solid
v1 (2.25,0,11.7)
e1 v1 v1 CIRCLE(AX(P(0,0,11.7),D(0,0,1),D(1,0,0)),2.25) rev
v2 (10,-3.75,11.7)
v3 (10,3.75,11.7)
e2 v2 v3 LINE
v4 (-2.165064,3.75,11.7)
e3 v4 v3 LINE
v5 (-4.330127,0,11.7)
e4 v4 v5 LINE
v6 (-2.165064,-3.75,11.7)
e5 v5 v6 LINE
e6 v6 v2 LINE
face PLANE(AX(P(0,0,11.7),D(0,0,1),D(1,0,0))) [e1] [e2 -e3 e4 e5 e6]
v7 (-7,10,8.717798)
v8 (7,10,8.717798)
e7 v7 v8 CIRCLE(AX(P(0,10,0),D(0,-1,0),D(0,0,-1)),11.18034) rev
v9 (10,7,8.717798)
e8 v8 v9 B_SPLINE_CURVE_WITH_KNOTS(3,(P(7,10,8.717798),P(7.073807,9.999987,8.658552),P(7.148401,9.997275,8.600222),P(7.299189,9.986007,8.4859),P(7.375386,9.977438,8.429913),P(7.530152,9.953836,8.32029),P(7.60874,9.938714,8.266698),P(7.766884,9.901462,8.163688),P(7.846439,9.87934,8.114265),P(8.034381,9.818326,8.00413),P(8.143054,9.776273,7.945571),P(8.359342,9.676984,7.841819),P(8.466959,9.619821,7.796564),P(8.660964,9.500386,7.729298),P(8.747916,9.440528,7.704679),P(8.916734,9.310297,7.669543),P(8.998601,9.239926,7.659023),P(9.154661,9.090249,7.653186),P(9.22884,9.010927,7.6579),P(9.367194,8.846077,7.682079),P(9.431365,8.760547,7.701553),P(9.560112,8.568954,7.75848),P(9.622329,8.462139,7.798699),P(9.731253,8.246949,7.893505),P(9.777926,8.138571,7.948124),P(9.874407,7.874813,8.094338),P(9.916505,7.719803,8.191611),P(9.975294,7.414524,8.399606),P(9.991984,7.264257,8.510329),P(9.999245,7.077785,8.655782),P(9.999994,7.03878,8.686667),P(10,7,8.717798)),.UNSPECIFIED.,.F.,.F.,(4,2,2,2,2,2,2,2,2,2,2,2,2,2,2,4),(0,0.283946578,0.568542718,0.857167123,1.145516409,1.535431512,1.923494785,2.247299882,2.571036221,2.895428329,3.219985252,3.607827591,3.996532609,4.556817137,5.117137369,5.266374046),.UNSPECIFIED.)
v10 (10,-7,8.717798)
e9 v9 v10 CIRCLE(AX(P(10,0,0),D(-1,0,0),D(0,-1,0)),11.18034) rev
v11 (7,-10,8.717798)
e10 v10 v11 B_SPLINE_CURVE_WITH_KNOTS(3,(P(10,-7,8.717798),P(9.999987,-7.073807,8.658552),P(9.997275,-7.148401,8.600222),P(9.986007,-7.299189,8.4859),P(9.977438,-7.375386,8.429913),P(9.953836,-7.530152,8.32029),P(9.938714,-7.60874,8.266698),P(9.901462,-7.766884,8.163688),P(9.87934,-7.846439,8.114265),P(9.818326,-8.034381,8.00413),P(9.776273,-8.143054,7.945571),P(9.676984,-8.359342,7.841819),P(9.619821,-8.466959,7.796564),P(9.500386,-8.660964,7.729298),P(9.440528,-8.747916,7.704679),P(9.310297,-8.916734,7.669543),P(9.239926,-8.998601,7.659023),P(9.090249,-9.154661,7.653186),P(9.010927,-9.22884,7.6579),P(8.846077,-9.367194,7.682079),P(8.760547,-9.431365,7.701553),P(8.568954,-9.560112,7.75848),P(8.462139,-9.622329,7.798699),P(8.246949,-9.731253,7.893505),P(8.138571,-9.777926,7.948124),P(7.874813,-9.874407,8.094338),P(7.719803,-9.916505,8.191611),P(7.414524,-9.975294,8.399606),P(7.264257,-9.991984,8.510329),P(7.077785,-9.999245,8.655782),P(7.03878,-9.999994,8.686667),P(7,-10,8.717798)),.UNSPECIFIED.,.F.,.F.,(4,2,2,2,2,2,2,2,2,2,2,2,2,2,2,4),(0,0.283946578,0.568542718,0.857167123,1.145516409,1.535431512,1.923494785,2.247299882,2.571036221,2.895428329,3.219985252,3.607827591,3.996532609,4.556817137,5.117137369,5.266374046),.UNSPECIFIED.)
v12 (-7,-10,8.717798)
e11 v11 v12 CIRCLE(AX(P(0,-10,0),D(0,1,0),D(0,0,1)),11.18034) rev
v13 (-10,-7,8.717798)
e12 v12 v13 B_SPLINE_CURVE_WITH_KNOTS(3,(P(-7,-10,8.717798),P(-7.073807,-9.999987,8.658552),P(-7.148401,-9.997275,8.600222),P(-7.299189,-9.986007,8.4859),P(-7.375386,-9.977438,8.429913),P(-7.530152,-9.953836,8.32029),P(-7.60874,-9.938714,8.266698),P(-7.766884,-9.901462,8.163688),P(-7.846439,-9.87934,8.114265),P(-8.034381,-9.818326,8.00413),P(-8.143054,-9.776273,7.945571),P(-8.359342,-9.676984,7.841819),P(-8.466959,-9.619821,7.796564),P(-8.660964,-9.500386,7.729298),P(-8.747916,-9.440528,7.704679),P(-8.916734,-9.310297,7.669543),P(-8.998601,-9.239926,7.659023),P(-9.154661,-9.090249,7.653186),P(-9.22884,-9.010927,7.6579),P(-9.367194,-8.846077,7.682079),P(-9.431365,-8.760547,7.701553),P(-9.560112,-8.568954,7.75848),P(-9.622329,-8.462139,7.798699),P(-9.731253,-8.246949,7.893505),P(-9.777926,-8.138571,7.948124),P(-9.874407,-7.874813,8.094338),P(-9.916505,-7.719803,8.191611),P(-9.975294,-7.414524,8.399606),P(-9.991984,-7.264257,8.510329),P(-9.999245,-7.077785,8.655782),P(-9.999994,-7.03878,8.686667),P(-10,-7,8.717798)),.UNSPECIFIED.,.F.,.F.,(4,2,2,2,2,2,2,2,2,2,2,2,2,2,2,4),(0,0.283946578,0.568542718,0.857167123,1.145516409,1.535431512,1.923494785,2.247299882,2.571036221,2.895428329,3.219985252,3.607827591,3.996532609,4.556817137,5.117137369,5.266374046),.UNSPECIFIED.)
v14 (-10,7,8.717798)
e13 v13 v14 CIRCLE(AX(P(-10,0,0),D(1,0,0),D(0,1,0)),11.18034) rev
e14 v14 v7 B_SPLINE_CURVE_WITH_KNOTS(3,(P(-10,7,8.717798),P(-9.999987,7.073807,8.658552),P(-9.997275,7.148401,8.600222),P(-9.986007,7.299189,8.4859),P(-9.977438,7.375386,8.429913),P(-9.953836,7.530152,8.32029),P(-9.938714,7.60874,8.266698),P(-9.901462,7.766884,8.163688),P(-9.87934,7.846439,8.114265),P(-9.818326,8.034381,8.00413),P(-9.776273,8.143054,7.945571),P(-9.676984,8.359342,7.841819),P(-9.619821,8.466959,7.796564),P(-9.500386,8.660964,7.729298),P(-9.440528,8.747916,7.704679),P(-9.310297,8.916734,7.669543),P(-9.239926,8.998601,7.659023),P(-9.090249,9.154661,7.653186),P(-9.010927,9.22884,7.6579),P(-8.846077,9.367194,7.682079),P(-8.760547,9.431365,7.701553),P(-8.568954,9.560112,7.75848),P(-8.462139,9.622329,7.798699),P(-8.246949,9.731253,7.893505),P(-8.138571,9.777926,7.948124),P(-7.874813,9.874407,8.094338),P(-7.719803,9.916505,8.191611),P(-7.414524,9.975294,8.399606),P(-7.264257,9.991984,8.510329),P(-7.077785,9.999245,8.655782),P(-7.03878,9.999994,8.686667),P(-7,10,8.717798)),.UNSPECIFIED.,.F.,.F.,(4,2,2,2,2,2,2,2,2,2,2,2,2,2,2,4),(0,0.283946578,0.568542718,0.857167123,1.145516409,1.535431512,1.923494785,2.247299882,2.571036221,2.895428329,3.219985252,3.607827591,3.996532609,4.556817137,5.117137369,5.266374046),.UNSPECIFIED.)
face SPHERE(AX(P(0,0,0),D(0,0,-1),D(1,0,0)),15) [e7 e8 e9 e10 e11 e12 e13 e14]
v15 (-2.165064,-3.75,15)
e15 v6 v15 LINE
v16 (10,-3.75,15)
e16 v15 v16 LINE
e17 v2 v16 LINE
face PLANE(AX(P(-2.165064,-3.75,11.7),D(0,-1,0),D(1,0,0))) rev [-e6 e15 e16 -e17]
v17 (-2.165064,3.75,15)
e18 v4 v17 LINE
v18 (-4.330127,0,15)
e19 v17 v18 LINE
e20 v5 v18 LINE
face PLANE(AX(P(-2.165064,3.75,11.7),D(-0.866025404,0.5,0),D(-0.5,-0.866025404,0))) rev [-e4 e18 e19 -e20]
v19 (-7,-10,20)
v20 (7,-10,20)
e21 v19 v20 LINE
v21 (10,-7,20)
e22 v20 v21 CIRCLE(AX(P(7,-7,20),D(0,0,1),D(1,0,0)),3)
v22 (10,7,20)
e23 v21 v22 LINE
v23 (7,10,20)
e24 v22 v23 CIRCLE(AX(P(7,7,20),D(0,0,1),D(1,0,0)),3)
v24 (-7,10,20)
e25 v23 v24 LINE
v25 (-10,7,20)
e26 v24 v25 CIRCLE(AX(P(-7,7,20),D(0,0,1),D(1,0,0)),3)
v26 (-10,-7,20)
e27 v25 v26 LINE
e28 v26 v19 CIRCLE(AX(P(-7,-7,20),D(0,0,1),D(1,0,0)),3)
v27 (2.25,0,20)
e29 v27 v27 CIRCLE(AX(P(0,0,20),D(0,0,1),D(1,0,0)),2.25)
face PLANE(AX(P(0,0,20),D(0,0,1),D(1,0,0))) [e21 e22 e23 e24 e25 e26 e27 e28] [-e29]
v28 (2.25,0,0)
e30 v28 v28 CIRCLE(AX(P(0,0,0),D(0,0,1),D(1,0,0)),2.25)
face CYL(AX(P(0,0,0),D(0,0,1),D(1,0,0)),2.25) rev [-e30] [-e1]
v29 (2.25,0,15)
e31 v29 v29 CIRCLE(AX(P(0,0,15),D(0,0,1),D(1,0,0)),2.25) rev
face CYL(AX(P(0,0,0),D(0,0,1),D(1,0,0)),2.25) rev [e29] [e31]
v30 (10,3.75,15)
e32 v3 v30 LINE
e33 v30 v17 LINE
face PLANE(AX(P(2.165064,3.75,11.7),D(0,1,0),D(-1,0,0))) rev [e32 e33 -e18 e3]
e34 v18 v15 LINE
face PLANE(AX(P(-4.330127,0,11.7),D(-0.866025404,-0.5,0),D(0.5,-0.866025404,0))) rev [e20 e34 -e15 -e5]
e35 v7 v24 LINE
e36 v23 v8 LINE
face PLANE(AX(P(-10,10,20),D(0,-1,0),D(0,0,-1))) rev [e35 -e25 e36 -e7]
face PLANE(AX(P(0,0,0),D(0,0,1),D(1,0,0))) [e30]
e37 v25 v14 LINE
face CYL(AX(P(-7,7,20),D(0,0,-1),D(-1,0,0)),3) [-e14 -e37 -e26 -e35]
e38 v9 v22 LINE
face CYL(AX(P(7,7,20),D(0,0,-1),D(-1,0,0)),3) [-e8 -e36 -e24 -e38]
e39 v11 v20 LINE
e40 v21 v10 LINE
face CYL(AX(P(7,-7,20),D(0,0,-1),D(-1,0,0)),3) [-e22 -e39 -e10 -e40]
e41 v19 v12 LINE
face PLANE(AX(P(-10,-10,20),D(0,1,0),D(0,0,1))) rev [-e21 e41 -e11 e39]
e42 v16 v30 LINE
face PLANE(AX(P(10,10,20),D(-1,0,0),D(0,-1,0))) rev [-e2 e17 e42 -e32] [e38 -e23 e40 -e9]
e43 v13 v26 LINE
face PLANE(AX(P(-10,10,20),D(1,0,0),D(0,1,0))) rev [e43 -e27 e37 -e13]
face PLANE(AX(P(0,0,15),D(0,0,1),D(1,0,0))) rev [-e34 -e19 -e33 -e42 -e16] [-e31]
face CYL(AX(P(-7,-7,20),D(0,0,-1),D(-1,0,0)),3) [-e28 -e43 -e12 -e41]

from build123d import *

# Parameters (mm, degrees)
SKETCH2_W           = 20
SKETCH2_H           = 20
BOSS_EXTRUDE1_DEPTH = 20
SKETCH3_R           = 2.25
CUT_EXTRUDE1_DEPTH  = 20
CUT_EXTRUDE2_DEPTH  = 3.3
FILLET1_R           = 3


with BuildPart() as part:
    # Sketch1 → Revolve1 (revolve)
    with BuildSketch(Plane(origin=(0, 0, 0), x_dir=(1, 0, 0), z_dir=(0, 1, 0))):
        with BuildLine():
            Line((0, 15), (0, -15))
            ThreePointArc((0, -15), (-15, 0), (0, 15))
        make_face()
    revolve(axis=Axis((0, 0, -15), (0, 0, 1)))

    # Sketch2 → Boss-Extrude1 (add)
    with BuildSketch(Plane.XY):
        Rectangle(SKETCH2_W, SKETCH2_H)
    extrude(amount=BOSS_EXTRUDE1_DEPTH)

    # Sketch3 → Cut-Extrude1 (cut)
    with BuildSketch(Plane.XY.offset(20)):
        Circle(SKETCH3_R)
    extrude(amount=-CUT_EXTRUDE1_DEPTH, mode=Mode.SUBTRACT)

    # Sketch4 → Cut-Extrude2 (cut)
    with BuildSketch(Plane.XY.offset(15)):
        Polygon((2.165063509, 3.75), (10, 3.75), (10, -3.75), (2.165063509, -3.75), (-2.165063509, -3.75), (-4.330127019, 0), (-2.165063509, 3.75), align=None)
    extrude(amount=-CUT_EXTRUDE2_DEPTH, mode=Mode.SUBTRACT)

    # Fillet1
    fillet1_edges = [part.edges().sort_by_distance(p)[0] for p in [
        (10, -10, 12.5),
        (10, 10, 12.5),
        (-10, 10, 12.5),
        (-10, -10, 12.5),
    ]]
    fillet(fillet1_edges, radius=FILLET1_R)


solid = part.part
